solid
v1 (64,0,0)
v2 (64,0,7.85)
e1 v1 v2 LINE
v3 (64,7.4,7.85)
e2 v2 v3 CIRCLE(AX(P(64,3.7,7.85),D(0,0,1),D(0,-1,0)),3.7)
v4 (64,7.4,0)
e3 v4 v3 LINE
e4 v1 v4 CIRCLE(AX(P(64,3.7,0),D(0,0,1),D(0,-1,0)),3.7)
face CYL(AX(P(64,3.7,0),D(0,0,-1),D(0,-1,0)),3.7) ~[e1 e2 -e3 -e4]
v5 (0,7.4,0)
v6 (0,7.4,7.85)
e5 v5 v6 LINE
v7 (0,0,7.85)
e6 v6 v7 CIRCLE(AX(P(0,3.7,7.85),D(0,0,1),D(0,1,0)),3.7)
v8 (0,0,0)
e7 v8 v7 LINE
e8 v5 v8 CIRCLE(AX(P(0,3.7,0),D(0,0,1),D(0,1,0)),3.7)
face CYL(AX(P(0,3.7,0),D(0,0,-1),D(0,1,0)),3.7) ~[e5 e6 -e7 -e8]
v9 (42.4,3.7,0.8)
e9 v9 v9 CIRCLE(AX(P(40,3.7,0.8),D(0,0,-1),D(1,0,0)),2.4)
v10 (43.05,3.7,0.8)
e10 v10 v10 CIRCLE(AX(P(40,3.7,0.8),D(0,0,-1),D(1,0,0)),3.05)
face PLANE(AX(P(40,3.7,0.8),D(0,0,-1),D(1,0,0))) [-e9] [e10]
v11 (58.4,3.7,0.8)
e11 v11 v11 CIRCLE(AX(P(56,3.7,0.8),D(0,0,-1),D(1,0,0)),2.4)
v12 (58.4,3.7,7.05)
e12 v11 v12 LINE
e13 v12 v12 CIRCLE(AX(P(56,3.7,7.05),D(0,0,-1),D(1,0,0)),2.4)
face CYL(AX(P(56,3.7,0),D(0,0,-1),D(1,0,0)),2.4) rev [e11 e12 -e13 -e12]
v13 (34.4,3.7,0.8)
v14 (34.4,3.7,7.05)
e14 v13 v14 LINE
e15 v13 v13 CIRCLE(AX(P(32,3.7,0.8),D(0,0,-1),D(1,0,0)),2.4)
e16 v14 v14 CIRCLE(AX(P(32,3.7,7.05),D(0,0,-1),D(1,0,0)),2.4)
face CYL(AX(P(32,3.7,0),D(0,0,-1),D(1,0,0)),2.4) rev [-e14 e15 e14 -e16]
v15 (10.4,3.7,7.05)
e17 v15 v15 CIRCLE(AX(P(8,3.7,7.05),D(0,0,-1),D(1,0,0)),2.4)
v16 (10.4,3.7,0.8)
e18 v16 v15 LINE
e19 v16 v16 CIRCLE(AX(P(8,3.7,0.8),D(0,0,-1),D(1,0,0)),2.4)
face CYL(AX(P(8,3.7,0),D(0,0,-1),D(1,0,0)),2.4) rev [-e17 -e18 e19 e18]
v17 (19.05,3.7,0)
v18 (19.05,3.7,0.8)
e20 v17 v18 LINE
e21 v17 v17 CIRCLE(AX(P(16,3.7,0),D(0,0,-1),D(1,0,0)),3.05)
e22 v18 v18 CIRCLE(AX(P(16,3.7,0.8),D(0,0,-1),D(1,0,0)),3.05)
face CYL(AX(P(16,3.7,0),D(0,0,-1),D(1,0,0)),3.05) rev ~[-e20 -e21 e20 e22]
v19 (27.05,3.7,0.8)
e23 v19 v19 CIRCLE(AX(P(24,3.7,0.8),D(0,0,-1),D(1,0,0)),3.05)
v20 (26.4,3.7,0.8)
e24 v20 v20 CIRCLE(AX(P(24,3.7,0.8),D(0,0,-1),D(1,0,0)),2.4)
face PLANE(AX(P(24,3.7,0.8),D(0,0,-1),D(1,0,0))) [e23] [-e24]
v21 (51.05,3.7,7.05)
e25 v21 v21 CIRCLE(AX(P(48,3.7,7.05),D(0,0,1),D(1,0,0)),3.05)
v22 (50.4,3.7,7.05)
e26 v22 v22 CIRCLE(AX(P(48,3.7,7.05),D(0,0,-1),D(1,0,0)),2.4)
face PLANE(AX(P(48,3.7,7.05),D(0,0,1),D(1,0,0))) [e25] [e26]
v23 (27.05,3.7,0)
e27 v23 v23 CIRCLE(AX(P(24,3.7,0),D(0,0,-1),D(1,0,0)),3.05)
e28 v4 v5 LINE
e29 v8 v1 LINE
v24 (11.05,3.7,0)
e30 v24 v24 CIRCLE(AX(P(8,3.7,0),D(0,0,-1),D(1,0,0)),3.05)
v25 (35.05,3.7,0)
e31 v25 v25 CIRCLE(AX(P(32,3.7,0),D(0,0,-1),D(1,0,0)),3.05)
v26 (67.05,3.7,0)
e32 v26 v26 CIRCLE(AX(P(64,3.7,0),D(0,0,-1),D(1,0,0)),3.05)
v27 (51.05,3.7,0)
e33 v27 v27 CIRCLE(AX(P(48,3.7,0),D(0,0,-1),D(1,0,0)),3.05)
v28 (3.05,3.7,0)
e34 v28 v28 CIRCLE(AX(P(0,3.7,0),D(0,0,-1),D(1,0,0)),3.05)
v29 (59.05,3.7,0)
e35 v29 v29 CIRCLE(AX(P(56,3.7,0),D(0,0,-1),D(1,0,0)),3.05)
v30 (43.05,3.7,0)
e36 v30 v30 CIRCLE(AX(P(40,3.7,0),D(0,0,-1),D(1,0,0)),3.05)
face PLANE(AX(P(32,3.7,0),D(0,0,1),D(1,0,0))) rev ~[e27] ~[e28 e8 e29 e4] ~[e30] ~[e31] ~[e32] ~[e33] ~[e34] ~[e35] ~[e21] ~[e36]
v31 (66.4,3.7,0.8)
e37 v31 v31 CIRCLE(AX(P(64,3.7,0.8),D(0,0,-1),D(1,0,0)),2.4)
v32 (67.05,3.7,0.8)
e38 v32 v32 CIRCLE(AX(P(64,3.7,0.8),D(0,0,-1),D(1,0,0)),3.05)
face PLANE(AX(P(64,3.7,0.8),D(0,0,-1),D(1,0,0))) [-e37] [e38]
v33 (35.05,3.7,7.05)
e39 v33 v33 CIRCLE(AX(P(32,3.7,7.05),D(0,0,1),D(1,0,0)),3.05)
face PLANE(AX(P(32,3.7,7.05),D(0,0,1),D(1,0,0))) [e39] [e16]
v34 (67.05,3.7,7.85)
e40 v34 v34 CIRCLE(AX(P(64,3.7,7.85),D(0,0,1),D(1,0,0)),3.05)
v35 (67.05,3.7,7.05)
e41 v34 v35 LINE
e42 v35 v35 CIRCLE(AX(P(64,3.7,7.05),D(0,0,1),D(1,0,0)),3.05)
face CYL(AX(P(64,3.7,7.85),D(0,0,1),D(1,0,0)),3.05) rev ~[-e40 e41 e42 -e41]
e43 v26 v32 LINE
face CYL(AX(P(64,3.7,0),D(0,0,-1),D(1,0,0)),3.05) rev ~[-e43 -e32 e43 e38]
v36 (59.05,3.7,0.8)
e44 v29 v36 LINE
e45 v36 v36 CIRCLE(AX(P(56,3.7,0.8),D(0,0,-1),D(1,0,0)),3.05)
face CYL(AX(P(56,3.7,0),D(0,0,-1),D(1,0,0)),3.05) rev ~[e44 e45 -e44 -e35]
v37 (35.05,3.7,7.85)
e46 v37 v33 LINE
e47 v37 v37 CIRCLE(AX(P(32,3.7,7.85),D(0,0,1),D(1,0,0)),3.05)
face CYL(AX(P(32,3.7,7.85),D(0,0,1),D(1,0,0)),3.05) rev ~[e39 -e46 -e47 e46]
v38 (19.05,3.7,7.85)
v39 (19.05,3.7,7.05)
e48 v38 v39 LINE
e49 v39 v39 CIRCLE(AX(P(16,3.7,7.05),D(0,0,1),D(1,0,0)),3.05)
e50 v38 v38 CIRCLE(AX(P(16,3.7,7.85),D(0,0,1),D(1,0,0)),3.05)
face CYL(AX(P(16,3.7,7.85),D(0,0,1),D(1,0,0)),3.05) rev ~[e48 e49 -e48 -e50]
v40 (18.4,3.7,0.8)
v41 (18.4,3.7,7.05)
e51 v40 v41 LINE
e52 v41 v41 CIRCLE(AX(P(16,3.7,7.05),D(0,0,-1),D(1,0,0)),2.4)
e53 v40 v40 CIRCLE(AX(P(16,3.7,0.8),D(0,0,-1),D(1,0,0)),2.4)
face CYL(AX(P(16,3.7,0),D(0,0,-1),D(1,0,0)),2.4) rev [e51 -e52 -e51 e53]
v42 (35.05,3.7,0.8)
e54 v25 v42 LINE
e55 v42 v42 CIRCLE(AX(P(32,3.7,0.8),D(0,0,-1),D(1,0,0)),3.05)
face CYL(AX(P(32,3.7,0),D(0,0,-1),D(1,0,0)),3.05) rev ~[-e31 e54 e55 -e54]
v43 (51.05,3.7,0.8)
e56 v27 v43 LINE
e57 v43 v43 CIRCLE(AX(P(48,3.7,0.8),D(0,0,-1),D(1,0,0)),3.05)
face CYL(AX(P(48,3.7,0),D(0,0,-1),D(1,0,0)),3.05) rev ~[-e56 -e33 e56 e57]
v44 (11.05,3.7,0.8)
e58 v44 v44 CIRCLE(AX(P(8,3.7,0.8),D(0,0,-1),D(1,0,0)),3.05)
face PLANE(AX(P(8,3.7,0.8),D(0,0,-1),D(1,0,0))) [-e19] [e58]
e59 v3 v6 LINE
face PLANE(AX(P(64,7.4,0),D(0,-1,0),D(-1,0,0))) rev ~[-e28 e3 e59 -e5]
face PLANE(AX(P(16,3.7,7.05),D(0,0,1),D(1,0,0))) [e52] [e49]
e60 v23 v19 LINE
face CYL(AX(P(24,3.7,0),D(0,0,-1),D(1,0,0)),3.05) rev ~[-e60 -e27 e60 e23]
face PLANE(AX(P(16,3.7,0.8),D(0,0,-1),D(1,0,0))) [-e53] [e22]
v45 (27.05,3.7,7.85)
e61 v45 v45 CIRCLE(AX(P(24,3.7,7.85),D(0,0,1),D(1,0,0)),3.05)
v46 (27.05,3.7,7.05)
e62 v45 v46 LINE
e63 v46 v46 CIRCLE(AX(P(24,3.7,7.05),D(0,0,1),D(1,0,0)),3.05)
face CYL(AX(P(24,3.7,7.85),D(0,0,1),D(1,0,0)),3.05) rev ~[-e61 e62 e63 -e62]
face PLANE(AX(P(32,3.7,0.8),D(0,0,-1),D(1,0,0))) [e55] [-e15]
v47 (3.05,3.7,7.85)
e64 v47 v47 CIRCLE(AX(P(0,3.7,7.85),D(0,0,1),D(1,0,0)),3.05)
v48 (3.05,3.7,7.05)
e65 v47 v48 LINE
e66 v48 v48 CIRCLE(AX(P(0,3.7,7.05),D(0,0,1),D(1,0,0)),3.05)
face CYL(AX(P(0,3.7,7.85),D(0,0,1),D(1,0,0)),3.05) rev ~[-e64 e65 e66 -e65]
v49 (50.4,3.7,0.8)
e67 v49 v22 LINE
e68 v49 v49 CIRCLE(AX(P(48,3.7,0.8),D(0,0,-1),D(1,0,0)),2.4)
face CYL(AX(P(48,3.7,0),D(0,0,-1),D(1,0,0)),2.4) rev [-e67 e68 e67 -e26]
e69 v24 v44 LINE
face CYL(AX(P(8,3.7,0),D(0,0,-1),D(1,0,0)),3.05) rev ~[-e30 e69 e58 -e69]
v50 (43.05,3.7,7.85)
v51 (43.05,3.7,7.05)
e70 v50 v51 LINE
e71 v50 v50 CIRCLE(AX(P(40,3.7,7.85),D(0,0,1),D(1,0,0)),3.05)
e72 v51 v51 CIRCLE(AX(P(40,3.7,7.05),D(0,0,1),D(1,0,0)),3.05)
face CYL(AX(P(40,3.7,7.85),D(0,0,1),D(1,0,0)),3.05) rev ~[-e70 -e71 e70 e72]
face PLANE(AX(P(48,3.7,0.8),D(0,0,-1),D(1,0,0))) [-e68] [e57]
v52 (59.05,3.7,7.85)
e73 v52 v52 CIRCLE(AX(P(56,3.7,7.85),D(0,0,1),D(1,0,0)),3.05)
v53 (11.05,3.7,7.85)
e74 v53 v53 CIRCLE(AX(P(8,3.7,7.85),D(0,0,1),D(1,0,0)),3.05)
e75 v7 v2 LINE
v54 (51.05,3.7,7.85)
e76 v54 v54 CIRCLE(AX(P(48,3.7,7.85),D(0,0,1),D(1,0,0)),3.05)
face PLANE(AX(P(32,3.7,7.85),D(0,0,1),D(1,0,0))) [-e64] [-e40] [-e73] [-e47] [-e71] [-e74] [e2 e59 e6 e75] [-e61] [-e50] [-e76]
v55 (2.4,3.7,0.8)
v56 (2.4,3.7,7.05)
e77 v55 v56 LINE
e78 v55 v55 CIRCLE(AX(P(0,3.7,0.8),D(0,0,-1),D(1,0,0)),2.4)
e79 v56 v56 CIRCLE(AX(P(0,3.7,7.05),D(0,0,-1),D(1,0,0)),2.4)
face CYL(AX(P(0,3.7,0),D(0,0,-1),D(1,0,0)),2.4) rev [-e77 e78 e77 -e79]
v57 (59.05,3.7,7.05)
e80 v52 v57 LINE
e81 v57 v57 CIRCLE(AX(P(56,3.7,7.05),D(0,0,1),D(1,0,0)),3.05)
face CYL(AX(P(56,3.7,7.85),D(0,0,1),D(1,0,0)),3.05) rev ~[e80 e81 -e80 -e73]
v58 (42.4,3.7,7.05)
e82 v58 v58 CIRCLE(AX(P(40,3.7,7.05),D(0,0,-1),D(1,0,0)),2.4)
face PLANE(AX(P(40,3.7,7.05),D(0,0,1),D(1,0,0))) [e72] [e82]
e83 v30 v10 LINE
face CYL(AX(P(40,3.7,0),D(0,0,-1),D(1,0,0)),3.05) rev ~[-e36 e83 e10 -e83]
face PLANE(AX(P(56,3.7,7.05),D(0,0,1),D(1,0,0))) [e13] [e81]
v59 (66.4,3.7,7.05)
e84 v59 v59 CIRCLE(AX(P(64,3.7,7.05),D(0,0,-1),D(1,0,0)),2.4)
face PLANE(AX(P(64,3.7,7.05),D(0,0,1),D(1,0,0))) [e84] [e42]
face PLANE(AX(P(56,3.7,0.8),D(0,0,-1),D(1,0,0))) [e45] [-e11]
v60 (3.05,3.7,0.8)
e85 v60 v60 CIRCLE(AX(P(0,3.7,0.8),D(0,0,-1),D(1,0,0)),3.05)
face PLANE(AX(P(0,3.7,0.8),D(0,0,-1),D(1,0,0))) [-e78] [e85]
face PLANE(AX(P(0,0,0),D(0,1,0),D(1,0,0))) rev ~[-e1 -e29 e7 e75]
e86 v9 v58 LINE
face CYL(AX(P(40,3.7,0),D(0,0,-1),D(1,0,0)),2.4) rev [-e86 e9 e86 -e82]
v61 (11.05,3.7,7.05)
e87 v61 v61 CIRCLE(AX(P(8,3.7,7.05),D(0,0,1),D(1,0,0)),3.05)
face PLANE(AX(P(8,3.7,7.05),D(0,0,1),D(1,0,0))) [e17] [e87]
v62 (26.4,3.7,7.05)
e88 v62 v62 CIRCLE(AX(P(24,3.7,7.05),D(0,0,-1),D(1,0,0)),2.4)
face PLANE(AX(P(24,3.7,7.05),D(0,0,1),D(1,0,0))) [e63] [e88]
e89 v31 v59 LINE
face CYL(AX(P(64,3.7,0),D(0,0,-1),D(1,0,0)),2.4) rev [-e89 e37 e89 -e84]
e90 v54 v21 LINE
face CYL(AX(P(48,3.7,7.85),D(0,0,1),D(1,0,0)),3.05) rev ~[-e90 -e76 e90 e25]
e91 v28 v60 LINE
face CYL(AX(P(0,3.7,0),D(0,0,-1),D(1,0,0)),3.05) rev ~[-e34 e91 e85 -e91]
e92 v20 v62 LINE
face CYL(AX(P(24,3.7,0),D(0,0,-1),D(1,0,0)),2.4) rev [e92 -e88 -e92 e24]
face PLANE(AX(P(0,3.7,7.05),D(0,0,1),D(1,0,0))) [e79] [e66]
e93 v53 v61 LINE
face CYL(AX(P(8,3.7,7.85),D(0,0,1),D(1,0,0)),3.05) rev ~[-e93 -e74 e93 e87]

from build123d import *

# Parameters (mm, degrees)
F0_R     = 2.4
F1_DEPTH = 7.85
F2_R     = 3.05
F3_DEPTH = 0.8
F4_R     = 3.05
F5_DEPTH = 0.8


with BuildPart() as f1:
    # F0 (on Top) → F1 (new body)
    with BuildSketch(Plane.XY):
        with BuildLine():
            ThreePointArc((0, 7.4), (-3.7, 3.7), (0, 0))
            Line((0, 0), (64, 0))
            ThreePointArc((64, 0), (67.7, 3.7), (64, 7.4))
            Line((64, 7.4), (0, 7.4))
        make_face()
        with Locations((0, 3.7)):
            Circle(F0_R, mode=Mode.SUBTRACT)
        with Locations((8, 3.7)):
            Circle(F0_R, mode=Mode.SUBTRACT)
        with Locations((16, 3.7)):
            Circle(F0_R, mode=Mode.SUBTRACT)
        with Locations((24, 3.7)):
            Circle(F0_R, mode=Mode.SUBTRACT)
        with Locations((32, 3.7)):
            Circle(F0_R, mode=Mode.SUBTRACT)
        with Locations((40, 3.7)):
            Circle(F0_R, mode=Mode.SUBTRACT)
        with Locations((48, 3.7)):
            Circle(F0_R, mode=Mode.SUBTRACT)
        with Locations((56, 3.7)):
            Circle(F0_R, mode=Mode.SUBTRACT)
        with Locations((64, 3.7)):
            Circle(F0_R, mode=Mode.SUBTRACT)
    extrude(amount=F1_DEPTH)

    # F2 (on face) → F3 (cut)
    with BuildSketch(Plane.XY.offset(7.85)):
        with Locations((0, 3.7)):
            Circle(F2_R)
        with Locations((8, 3.7)):
            Circle(F2_R)
        with Locations((16, 3.7)):
            Circle(F2_R)
        with Locations((24, 3.7)):
            Circle(F2_R)
        with Locations((32, 3.7)):
            Circle(F2_R)
        with Locations((40, 3.7)):
            Circle(F2_R)
        with Locations((48, 3.7)):
            Circle(F2_R)
        with Locations((56, 3.7)):
            Circle(F2_R)
        with Locations((64, 3.7)):
            Circle(F2_R)
    extrude(amount=-F3_DEPTH, mode=Mode.SUBTRACT)

    # F4 (on face) → F5 (cut)
    with BuildSketch(Plane(origin=(0, 0, 0), x_dir=(1, 0, 0), z_dir=(0, 0, -1))):
        with Locations((0, -3.7)):
            Circle(F4_R)
        with Locations((8, -3.7)):
            Circle(F4_R)
        with Locations((16, -3.7)):
            Circle(F4_R)
        with Locations((24, -3.7)):
            Circle(F4_R)
        with Locations((32, -3.7)):
            Circle(F4_R)
        with Locations((64, -3.7)):
            Circle(F4_R)
        with Locations((56, -3.7)):
            Circle(F4_R)
        with Locations((40, -3.7)):
            Circle(F4_R)
        with Locations((48, -3.7)):
            Circle(F4_R)
    extrude(amount=-F5_DEPTH, mode=Mode.SUBTRACT)


solid = f1.part
